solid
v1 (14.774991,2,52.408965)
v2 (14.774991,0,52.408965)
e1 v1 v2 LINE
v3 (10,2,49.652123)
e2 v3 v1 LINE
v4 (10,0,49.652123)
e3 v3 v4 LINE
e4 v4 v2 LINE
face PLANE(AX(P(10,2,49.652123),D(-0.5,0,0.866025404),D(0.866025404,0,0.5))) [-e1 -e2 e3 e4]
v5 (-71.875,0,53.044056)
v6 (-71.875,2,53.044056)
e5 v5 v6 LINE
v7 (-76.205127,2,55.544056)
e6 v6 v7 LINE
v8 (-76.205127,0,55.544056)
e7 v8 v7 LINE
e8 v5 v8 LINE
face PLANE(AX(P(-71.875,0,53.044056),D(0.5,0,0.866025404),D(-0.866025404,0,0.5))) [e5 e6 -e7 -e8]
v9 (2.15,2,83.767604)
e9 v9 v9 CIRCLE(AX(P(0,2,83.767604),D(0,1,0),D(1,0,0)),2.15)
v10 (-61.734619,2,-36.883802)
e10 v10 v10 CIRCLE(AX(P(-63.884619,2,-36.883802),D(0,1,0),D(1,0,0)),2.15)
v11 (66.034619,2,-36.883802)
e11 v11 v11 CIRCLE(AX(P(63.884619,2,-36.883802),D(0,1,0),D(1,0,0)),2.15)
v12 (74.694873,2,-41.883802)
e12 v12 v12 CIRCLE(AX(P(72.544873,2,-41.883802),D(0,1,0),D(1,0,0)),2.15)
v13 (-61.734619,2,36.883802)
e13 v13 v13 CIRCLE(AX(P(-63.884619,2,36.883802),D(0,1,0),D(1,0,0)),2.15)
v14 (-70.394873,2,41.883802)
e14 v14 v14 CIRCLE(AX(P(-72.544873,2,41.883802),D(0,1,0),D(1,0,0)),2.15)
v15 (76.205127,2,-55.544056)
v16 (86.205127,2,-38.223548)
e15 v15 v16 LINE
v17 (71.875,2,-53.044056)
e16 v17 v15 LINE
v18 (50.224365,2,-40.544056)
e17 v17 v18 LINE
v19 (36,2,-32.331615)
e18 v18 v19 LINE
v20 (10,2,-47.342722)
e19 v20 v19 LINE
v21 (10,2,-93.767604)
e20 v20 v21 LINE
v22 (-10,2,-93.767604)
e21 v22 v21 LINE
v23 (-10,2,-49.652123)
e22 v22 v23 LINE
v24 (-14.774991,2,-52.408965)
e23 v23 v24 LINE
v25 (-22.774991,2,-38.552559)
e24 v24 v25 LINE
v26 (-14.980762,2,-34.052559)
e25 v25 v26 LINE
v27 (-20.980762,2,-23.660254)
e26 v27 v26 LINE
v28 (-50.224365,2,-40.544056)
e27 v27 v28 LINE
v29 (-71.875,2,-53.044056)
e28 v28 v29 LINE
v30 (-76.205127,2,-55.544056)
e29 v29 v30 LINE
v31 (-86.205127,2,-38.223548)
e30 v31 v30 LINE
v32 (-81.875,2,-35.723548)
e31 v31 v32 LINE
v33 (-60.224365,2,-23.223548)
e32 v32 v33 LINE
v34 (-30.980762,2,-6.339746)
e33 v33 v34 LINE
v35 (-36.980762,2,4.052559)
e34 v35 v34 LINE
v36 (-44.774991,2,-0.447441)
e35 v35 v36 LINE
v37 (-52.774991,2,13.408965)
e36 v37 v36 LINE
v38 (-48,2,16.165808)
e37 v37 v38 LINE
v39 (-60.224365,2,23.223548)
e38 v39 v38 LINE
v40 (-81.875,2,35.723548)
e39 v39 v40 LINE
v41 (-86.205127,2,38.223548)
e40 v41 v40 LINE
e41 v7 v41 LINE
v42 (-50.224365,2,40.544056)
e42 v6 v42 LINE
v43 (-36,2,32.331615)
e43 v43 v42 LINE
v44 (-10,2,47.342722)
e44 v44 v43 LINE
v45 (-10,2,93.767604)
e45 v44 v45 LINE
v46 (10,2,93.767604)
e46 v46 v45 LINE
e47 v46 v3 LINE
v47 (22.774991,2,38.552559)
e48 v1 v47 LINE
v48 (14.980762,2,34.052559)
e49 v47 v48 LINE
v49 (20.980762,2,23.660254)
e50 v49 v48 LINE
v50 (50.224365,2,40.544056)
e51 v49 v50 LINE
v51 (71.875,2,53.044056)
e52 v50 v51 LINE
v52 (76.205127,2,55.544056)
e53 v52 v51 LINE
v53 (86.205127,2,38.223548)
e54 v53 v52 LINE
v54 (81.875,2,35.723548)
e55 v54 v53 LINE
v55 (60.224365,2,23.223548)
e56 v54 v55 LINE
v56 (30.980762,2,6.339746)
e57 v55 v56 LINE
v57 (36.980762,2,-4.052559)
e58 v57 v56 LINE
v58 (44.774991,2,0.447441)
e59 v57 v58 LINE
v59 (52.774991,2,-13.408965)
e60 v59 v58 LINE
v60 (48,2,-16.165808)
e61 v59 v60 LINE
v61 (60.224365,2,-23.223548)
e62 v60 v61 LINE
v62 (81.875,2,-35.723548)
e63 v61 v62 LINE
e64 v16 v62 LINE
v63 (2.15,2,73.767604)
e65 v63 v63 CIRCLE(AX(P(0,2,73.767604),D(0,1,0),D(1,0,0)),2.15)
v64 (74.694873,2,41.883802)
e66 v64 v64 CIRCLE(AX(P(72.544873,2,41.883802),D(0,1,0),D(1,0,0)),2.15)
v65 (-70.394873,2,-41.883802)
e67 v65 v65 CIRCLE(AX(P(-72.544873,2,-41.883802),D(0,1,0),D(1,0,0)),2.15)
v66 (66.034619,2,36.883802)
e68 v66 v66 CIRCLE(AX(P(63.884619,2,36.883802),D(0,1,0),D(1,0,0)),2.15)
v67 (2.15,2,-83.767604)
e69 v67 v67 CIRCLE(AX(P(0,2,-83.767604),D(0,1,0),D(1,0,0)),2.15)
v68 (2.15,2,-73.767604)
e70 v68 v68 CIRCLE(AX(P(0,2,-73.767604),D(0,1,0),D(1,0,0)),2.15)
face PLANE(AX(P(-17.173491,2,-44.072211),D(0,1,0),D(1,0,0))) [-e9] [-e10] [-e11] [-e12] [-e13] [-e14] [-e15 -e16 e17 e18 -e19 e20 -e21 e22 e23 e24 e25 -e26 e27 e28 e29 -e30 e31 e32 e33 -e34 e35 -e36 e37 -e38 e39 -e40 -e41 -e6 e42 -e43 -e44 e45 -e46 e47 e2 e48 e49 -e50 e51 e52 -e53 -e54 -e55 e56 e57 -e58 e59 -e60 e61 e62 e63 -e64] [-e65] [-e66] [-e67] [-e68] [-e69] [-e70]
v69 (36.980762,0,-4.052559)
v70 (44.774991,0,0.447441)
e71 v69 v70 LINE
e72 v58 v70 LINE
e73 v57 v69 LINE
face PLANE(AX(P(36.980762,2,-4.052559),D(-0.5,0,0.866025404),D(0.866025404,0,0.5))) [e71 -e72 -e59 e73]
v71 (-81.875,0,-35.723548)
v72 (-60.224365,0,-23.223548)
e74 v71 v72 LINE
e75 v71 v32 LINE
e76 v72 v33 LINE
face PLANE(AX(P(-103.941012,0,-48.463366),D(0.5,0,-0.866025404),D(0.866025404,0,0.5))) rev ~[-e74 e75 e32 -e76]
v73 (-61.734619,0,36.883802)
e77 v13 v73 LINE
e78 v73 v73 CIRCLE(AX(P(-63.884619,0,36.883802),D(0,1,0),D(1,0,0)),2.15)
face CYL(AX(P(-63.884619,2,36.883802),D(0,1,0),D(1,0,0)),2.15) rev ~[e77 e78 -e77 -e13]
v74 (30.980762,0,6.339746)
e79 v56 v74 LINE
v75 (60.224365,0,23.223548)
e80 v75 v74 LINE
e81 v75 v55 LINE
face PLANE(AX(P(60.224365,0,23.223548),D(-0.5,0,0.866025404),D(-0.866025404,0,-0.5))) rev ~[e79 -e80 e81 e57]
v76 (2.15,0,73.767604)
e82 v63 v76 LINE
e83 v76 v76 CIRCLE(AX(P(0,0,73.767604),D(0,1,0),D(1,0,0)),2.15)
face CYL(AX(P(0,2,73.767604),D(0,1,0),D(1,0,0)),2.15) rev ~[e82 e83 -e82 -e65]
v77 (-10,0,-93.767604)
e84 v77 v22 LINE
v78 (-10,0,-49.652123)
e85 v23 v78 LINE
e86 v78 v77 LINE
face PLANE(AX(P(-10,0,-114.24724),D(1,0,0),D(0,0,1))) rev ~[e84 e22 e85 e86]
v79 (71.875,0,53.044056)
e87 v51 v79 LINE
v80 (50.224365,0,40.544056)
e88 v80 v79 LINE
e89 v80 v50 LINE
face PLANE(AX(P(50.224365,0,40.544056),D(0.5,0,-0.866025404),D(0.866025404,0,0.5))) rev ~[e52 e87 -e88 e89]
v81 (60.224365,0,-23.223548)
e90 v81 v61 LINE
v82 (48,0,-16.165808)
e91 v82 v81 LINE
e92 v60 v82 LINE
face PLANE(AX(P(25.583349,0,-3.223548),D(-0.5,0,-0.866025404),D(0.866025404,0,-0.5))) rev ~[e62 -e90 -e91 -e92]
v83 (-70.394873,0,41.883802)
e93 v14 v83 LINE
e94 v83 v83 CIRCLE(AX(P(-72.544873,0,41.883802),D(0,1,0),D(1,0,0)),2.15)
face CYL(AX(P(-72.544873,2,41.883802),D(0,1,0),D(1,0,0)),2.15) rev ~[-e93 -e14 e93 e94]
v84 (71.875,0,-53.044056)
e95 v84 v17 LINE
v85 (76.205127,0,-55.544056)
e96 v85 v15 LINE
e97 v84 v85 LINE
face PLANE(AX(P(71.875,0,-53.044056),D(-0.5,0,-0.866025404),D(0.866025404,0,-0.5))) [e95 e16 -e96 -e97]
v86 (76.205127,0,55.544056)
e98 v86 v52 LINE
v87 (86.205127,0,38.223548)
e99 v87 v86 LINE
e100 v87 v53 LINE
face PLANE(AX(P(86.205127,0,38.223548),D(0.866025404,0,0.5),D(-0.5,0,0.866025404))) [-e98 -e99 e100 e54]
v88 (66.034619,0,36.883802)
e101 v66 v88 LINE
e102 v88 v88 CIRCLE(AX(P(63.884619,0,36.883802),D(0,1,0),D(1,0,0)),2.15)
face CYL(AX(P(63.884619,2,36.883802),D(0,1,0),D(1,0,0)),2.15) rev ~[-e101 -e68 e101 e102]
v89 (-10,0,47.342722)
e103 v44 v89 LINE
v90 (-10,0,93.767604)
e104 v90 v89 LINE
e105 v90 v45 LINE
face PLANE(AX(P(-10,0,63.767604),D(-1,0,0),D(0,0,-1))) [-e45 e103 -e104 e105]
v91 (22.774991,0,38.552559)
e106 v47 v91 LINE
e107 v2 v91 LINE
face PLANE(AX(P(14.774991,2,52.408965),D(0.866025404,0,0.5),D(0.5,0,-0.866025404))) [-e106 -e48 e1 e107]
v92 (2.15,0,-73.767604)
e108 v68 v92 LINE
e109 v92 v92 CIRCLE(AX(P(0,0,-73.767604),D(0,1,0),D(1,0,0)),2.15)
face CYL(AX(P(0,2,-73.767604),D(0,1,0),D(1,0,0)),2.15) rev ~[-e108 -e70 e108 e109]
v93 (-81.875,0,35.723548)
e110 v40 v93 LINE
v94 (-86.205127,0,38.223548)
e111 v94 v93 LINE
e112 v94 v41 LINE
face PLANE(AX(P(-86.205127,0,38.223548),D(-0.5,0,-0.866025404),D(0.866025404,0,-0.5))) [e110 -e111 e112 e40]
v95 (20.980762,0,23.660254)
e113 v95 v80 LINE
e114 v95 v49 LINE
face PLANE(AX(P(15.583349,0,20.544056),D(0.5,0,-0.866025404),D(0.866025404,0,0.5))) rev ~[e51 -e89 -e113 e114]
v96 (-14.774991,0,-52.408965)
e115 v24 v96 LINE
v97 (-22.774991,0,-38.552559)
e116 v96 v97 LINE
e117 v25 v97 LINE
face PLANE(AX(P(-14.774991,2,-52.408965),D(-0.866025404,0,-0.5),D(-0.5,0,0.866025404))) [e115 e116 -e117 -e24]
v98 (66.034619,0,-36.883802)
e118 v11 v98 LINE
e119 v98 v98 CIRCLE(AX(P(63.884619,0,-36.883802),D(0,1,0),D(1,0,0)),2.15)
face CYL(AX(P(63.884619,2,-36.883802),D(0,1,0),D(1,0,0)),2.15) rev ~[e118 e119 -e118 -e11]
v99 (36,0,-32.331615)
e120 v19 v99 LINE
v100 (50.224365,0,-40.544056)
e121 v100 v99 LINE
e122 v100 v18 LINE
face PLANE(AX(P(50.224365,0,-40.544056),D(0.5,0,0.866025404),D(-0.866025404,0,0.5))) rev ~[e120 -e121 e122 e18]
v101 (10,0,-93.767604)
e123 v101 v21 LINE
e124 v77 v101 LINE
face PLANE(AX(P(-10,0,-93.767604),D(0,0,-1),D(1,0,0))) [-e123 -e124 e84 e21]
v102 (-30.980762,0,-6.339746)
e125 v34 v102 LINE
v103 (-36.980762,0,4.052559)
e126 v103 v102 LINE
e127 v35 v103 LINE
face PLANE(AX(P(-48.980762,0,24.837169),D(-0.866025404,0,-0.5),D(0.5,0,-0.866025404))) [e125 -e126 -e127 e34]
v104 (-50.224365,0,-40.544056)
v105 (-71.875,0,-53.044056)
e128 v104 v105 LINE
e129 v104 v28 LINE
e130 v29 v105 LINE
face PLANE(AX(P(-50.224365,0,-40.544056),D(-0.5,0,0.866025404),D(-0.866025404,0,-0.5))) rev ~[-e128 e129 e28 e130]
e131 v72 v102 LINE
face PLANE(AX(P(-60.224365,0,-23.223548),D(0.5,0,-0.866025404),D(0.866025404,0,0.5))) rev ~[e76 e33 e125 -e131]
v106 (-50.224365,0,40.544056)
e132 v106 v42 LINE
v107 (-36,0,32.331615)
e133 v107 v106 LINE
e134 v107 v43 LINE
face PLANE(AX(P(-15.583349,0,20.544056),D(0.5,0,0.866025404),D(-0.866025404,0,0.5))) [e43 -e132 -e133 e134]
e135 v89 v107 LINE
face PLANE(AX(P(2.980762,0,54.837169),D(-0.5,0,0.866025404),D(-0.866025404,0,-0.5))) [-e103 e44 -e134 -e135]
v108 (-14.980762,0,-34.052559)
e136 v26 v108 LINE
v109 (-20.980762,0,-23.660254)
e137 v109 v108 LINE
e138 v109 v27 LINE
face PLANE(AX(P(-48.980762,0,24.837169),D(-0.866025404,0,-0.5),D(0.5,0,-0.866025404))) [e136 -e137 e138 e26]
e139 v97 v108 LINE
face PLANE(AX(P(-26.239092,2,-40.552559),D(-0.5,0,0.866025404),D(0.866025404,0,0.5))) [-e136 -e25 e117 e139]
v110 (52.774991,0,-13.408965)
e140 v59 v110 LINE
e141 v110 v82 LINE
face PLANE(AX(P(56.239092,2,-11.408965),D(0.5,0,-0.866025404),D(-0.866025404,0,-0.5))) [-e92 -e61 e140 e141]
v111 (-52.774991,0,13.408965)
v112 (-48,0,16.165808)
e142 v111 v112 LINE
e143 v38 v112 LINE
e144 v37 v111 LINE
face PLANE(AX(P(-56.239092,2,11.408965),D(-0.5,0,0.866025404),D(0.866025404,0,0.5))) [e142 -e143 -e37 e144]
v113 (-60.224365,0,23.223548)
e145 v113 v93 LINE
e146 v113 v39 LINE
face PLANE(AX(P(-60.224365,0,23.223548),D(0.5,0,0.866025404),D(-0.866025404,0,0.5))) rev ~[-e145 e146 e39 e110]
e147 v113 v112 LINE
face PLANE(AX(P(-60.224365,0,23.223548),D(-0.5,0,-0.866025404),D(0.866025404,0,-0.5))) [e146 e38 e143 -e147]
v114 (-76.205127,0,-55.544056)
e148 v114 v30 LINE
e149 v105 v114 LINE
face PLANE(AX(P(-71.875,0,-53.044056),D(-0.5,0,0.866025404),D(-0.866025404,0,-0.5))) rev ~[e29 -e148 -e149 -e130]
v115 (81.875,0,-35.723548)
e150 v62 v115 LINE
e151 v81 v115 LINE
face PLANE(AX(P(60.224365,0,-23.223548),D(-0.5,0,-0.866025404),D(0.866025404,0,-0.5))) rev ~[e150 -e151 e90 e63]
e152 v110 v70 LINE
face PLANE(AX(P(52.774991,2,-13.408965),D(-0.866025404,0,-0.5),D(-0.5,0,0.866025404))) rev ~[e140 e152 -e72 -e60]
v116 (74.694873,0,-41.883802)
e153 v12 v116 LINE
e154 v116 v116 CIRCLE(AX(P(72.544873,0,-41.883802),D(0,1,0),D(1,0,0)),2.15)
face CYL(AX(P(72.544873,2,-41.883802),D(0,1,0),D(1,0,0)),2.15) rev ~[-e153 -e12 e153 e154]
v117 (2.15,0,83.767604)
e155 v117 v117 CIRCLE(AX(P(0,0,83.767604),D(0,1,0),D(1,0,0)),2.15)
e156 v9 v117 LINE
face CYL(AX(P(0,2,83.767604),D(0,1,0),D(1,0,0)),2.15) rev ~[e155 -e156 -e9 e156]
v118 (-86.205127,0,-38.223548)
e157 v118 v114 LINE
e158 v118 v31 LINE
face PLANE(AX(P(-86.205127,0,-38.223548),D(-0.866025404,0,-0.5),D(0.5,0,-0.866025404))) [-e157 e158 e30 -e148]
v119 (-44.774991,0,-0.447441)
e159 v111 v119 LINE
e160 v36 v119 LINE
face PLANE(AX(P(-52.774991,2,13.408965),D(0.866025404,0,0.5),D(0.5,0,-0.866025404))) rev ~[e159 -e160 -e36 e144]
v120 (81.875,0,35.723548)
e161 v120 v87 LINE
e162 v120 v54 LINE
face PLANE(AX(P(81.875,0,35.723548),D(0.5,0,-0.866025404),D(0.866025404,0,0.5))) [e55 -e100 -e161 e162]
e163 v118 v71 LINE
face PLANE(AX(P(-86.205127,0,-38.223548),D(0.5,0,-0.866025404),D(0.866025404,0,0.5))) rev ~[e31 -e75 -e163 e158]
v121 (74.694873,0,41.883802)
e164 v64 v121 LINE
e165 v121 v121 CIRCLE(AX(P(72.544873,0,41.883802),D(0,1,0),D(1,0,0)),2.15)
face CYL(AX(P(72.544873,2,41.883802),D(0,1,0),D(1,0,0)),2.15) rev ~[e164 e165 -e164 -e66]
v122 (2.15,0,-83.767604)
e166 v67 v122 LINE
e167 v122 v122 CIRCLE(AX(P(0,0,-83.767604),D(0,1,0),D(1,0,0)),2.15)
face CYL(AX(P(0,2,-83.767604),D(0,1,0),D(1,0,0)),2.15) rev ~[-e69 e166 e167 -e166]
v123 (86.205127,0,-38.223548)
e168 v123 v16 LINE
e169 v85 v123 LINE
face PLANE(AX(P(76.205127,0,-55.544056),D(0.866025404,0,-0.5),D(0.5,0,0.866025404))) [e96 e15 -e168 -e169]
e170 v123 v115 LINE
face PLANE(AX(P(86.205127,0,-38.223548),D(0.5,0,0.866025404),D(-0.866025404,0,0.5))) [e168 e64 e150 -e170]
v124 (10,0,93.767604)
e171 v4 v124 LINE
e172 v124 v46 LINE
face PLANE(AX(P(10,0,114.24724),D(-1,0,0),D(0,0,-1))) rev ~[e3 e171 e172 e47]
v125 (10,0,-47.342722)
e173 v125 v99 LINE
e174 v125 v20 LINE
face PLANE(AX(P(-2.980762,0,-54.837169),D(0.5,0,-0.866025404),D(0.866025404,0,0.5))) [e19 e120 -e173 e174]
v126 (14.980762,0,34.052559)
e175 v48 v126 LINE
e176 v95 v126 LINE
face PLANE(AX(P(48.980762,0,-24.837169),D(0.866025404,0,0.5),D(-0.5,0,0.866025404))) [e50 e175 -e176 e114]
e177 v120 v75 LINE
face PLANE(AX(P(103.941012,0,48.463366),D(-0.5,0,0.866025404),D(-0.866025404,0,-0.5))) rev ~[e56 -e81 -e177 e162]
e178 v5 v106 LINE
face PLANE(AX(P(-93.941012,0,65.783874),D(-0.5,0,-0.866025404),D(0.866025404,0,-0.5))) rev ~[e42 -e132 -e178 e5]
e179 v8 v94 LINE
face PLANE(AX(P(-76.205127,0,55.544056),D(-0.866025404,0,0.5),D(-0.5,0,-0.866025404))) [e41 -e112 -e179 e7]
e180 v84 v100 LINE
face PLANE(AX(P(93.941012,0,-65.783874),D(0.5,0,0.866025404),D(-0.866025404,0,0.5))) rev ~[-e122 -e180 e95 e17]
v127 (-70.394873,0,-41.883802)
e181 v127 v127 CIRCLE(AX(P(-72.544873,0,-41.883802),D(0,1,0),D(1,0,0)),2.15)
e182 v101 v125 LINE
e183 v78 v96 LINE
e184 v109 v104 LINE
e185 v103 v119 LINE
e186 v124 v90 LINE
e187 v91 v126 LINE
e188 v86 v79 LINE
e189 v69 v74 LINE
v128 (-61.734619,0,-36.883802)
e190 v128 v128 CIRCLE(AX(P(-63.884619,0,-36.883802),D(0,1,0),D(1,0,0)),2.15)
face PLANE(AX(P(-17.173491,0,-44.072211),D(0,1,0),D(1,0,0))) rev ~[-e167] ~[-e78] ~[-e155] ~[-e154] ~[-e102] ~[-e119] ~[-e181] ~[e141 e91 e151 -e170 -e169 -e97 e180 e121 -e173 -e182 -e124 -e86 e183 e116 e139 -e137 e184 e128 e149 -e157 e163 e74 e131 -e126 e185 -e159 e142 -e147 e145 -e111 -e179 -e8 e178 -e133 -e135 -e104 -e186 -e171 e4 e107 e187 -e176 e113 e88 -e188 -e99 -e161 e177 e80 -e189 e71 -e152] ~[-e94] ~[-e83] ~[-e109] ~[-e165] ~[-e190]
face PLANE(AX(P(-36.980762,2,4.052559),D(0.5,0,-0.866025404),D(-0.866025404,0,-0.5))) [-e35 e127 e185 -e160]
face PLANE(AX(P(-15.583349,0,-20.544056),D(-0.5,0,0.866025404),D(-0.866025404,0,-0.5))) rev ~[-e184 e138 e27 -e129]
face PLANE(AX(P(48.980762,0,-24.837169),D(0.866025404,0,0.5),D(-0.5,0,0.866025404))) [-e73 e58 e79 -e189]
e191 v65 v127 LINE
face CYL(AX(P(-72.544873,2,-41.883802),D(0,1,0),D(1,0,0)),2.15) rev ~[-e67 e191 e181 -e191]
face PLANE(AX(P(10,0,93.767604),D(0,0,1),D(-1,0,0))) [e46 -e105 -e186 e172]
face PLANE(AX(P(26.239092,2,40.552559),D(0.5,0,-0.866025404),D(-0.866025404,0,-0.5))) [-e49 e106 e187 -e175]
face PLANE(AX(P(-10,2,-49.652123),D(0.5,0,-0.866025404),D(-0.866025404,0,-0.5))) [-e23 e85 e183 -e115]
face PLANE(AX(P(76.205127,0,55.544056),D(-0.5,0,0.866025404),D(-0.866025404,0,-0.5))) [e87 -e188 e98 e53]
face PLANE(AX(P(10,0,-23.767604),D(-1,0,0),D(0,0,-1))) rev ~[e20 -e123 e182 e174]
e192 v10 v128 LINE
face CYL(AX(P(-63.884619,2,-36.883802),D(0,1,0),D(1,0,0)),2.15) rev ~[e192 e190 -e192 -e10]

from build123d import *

# Parameters (mm, degrees)
BOSS_EXTRUDE2_DEPTH = 2
SKETCH2_R           = 2.15
CUT_EXTRUDE1_DEPTH  = 10
CUT_EXTRUDE3_DEPTH  = 30
BOSS_EXTRUDE4_DEPTH = 2
SKETCH9_W           = 20
SKETCH9_H           = 40
BOSS_EXTRUDE5_DEPTH = 2
CUT_EXTRUDE4_DEPTH  = 2
BOSS_EXTRUDE6_DEPTH = 2
BOSS_EXTRUDE7_DEPTH = 2
CUT_EXTRUDE5_DEPTH  = 2


with BuildPart() as part:
    # Sketch1 → Boss-Extrude2 (new body)
    with BuildSketch(Plane(origin=(0, 0, 0), x_dir=(1, 0, 0), z_dir=(0, 1, 0))):
        Polygon((102.5, 0), (51.25, 88.767603888), (-51.25, 88.767603888), (-102.5, 0), (-51.25, -88.767603888), (51.25, -88.767603888), align=None)
        Polygon((73.632486541, 0), (36.81624327, 63.767603888), (10, 63.767603888), (10, 45.767603888), (30, 45.767603888), (30, -45.767603888), (10, -45.767603888), (10, -63.767603888), (36.81624327, -63.767603888), align=None, mode=Mode.SUBTRACT)
        Polygon((-10, 63.767603888), (-36.81624327, 63.767603888), (-73.632486541, 0), (-36.81624327, -63.767603888), (-10, -63.767603888), (-10, -45.767603888), (-30, -45.767603888), (-30, 45.767603888), (-10, 45.767603888), align=None, mode=Mode.SUBTRACT)
    extrude(amount=BOSS_EXTRUDE2_DEPTH)

    # Sketch2 → Cut-Extrude1 (cut)
    with BuildSketch(Plane(origin=(0, 2, 0), x_dir=(1, 0, 0), z_dir=(0, 1, 0))):
        with Locations((-72.544872981, -41.883801944)):
            Circle(SKETCH2_R)
        with Locations((-63.884618943, -36.883801944)):
            Circle(SKETCH2_R)
        with Locations((-72.544872981, 41.883801944)):
            Circle(SKETCH2_R)
        with Locations((-63.884618943, 36.883801944)):
            Circle(SKETCH2_R)
        with Locations((0, 83.767603888)):
            Circle(SKETCH2_R)
        with Locations((0, 73.767603888)):
            Circle(SKETCH2_R)
        with Locations((72.544872981, 41.883801944)):
            Circle(SKETCH2_R)
        with Locations((63.884618943, 36.883801944)):
            Circle(SKETCH2_R)
        with Locations((72.544872981, -41.883801944)):
            Circle(SKETCH2_R)
        with Locations((63.884618943, -36.883801944)):
            Circle(SKETCH2_R)
        with Locations((0, -83.767603888)):
            Circle(SKETCH2_R)
        with Locations((0, -73.767603888)):
            Circle(SKETCH2_R)
    extrude(amount=-CUT_EXTRUDE1_DEPTH, mode=Mode.SUBTRACT)

    # Sketch7 → Cut-Extrude3 (cut)
    with BuildSketch(Plane.XZ):
        Polygon((73.632486541, 0), (36.81624327, 63.767603888), (-36.81624327, 63.767603888), (-73.632486541, 0), (-36.81624327, -63.767603888), (36.81624327, -63.767603888), align=None)
    extrude(amount=-CUT_EXTRUDE3_DEPTH, mode=Mode.SUBTRACT)



with BuildPart() as body_2:
    # Sketch8 → Boss-Extrude4 (new body)
    with BuildSketch(Plane.XZ):
        Polygon((2.980762114, 54.837168574), (-23, 39.837168574), (0, 0), (25.980762114, 15), align=None)
        Polygon((-23, 39.837168574), (-48.980762114, 24.837168574), (-2.980762114, -54.837168574), (48.980762114, -24.837168574), (25.980762114, 15), (0, 0), align=None)
    extrude(amount=-BOSS_EXTRUDE4_DEPTH)


with BuildPart() as part_1:
    add(part.part)

    add(body_2.part)  # Boss-Extrude5 merges body 2
    # Sketch9 → Boss-Extrude5 (add)
    with BuildSketch(Plane(origin=(0, 0, 0), x_dir=(-1, 0, 0), z_dir=(0, -1, 0))):
        Polygon((60.224364905, -23.223547906), (25.583348754, -3.223547906), (15.583348754, -20.544055982), (50.224364905, -40.544055982), align=None)
        with Locations((0, -43.767603888)):
            Rectangle(SKETCH9_W, SKETCH9_H)
        Polygon((-60.224364905, -23.223547906), (-25.583348754, -3.223547906), (-15.583348754, -20.544055982), (-50.224364905, -40.544055982), align=None)
        Polygon((-50.224364905, 40.544055982), (-15.583348754, 20.544055982), (-25.583348754, 3.223547906), (-60.224364905, 23.223547906), align=None)
        with Locations((0, 43.767603888)):
            Rectangle(SKETCH9_W, SKETCH9_H)
        Polygon((60.224364905, 23.223547906), (25.583348754, 3.223547906), (15.583348754, 20.544055982), (50.224364905, 40.544055982), align=None)
    extrude(amount=-BOSS_EXTRUDE5_DEPTH)

    # Sketch10 → Cut-Extrude4 (cut)
    with BuildSketch(Plane(origin=(0, 0, 0), x_dir=(-1, 0, 0), z_dir=(0, -1, 0))):
        Polygon((60.224364905, -23.223547906), (98.115262944, -45.099868089), (121.783609118, 0), (103.941012458, 48.463366139), (60.224364905, 23.223547906), align=None)
        Polygon((10, -107.520244253), (60.891804559, -105.467699261), (93.941012458, -65.783874214), (50.224364905, -40.544055982), (10, -63.767603888), align=None)
        Polygon((-88.115262944, -62.420376164), (-60.891804559, -105.467699261), (-10, -114.247240353), (-10, -63.767603888), (-50.224364905, -40.544055982), align=None)
        Polygon((-98.115262944, 45.099868089), (-121.783609118, 0), (-103.941012458, -48.463366139), (-60.224364905, -23.223547906), (-60.224364905, 23.223547906), align=None)
        Polygon((-10, 107.520244253), (-60.891804559, 105.467699261), (-93.941012458, 65.783874214), (-50.224364905, 40.544055982), (-10, 63.767603888), align=None)
        Polygon((88.115262944, 62.420376164), (60.891804559, 105.467699261), (10, 114.247240353), (10, 63.767603888), (50.224364905, 40.544055982), align=None)
    extrude(amount=-CUT_EXTRUDE4_DEPTH, mode=Mode.SUBTRACT)

    # Sketch12 → Boss-Extrude6 (add)
    with BuildSketch(Plane.XZ):
        Polygon((-81.205127019, -46.883801944), (-86.205127019, -38.223547906), (-81.875, -35.723547906), (-71.875, -53.044055982), (-76.205127019, -55.544055982), align=None)
        Polygon((-81.205127019, 46.883801944), (-86.205127019, 38.223547906), (-81.875, 35.723547906), (-71.875, 53.044055982), (-76.205127019, 55.544055982), align=None)
        Polygon((0, 93.767603888), (-10, 93.767603888), (-10, 88.767603888), (10, 88.767603888), (10, 93.767603888), align=None)
        Polygon((81.205127019, 46.883801944), (76.205127019, 55.544055982), (71.875, 53.044055982), (81.875, 35.723547906), (86.205127019, 38.223547906), align=None)
        Polygon((81.205127019, -46.883801944), (86.205127019, -38.223547906), (81.875, -35.723547906), (71.875, -53.044055982), (76.205127019, -55.544055982), align=None)
        Polygon((0, -93.767603888), (10, -93.767603888), (10, -88.767603888), (-10, -88.767603888), (-10, -93.767603888), align=None)
    extrude(amount=-BOSS_EXTRUDE6_DEPTH)

    # Sketch14 → Boss-Extrude7 (add)
    with BuildSketch(Plane(origin=(0, 2, 0), x_dir=(1, 0, 0), z_dir=(0, 1, 0))):
        Polygon((-18.239092363, 54.408965344), (-26.239092363, 40.552558883), (-14.980762114, 34.052558883), (-10, 42.679491924), (-10, 49.65212315), align=None)
        Polygon((41.961524227, 12.679491924), (36.980762114, 4.052558883), (48.239092363, -2.447441117), (56.239092363, 11.408965344), (48, 16.165807537), align=None)
        Polygon((26.239092363, -40.552558883), (14.980762114, -34.052558883), (10, -42.679491924), (10, -49.65212315), (18.239092363, -54.408965344), align=None)
        Polygon((-36.980762114, -4.052558883), (-48.239092363, 2.447441117), (-56.239092363, -11.408965344), (-48, -16.165807537), (-41.961524227, -12.679491924), align=None)
    extrude(amount=-BOSS_EXTRUDE7_DEPTH)

    # Sketch15 → Cut-Extrude5 (cut)
    with BuildSketch(Plane(origin=(0, 2, 0), x_dir=(1, 0, 0), z_dir=(0, 1, 0))):
        Polygon((-18.239092363, 54.408965344), (-14.774990748, 52.408965344), (-22.774990748, 38.552558883), (-26.239092363, 40.552558883), align=None)
        Polygon((-44.774990748, 0.447441117), (-48.239092363, 2.447441117), (-56.239092363, -11.408965344), (-52.774990748, -13.408965344), align=None)
        Polygon((18.239092363, -54.408965344), (14.774990748, -52.408965344), (22.774990748, -38.552558883), (26.239092363, -40.552558883), align=None)
        Polygon((44.774990748, -0.447441117), (48.239092363, -2.447441117), (56.239092363, 11.408965344), (52.774990748, 13.408965344), align=None)
    extrude(amount=-CUT_EXTRUDE5_DEPTH, mode=Mode.SUBTRACT)


solid = part_1.part
